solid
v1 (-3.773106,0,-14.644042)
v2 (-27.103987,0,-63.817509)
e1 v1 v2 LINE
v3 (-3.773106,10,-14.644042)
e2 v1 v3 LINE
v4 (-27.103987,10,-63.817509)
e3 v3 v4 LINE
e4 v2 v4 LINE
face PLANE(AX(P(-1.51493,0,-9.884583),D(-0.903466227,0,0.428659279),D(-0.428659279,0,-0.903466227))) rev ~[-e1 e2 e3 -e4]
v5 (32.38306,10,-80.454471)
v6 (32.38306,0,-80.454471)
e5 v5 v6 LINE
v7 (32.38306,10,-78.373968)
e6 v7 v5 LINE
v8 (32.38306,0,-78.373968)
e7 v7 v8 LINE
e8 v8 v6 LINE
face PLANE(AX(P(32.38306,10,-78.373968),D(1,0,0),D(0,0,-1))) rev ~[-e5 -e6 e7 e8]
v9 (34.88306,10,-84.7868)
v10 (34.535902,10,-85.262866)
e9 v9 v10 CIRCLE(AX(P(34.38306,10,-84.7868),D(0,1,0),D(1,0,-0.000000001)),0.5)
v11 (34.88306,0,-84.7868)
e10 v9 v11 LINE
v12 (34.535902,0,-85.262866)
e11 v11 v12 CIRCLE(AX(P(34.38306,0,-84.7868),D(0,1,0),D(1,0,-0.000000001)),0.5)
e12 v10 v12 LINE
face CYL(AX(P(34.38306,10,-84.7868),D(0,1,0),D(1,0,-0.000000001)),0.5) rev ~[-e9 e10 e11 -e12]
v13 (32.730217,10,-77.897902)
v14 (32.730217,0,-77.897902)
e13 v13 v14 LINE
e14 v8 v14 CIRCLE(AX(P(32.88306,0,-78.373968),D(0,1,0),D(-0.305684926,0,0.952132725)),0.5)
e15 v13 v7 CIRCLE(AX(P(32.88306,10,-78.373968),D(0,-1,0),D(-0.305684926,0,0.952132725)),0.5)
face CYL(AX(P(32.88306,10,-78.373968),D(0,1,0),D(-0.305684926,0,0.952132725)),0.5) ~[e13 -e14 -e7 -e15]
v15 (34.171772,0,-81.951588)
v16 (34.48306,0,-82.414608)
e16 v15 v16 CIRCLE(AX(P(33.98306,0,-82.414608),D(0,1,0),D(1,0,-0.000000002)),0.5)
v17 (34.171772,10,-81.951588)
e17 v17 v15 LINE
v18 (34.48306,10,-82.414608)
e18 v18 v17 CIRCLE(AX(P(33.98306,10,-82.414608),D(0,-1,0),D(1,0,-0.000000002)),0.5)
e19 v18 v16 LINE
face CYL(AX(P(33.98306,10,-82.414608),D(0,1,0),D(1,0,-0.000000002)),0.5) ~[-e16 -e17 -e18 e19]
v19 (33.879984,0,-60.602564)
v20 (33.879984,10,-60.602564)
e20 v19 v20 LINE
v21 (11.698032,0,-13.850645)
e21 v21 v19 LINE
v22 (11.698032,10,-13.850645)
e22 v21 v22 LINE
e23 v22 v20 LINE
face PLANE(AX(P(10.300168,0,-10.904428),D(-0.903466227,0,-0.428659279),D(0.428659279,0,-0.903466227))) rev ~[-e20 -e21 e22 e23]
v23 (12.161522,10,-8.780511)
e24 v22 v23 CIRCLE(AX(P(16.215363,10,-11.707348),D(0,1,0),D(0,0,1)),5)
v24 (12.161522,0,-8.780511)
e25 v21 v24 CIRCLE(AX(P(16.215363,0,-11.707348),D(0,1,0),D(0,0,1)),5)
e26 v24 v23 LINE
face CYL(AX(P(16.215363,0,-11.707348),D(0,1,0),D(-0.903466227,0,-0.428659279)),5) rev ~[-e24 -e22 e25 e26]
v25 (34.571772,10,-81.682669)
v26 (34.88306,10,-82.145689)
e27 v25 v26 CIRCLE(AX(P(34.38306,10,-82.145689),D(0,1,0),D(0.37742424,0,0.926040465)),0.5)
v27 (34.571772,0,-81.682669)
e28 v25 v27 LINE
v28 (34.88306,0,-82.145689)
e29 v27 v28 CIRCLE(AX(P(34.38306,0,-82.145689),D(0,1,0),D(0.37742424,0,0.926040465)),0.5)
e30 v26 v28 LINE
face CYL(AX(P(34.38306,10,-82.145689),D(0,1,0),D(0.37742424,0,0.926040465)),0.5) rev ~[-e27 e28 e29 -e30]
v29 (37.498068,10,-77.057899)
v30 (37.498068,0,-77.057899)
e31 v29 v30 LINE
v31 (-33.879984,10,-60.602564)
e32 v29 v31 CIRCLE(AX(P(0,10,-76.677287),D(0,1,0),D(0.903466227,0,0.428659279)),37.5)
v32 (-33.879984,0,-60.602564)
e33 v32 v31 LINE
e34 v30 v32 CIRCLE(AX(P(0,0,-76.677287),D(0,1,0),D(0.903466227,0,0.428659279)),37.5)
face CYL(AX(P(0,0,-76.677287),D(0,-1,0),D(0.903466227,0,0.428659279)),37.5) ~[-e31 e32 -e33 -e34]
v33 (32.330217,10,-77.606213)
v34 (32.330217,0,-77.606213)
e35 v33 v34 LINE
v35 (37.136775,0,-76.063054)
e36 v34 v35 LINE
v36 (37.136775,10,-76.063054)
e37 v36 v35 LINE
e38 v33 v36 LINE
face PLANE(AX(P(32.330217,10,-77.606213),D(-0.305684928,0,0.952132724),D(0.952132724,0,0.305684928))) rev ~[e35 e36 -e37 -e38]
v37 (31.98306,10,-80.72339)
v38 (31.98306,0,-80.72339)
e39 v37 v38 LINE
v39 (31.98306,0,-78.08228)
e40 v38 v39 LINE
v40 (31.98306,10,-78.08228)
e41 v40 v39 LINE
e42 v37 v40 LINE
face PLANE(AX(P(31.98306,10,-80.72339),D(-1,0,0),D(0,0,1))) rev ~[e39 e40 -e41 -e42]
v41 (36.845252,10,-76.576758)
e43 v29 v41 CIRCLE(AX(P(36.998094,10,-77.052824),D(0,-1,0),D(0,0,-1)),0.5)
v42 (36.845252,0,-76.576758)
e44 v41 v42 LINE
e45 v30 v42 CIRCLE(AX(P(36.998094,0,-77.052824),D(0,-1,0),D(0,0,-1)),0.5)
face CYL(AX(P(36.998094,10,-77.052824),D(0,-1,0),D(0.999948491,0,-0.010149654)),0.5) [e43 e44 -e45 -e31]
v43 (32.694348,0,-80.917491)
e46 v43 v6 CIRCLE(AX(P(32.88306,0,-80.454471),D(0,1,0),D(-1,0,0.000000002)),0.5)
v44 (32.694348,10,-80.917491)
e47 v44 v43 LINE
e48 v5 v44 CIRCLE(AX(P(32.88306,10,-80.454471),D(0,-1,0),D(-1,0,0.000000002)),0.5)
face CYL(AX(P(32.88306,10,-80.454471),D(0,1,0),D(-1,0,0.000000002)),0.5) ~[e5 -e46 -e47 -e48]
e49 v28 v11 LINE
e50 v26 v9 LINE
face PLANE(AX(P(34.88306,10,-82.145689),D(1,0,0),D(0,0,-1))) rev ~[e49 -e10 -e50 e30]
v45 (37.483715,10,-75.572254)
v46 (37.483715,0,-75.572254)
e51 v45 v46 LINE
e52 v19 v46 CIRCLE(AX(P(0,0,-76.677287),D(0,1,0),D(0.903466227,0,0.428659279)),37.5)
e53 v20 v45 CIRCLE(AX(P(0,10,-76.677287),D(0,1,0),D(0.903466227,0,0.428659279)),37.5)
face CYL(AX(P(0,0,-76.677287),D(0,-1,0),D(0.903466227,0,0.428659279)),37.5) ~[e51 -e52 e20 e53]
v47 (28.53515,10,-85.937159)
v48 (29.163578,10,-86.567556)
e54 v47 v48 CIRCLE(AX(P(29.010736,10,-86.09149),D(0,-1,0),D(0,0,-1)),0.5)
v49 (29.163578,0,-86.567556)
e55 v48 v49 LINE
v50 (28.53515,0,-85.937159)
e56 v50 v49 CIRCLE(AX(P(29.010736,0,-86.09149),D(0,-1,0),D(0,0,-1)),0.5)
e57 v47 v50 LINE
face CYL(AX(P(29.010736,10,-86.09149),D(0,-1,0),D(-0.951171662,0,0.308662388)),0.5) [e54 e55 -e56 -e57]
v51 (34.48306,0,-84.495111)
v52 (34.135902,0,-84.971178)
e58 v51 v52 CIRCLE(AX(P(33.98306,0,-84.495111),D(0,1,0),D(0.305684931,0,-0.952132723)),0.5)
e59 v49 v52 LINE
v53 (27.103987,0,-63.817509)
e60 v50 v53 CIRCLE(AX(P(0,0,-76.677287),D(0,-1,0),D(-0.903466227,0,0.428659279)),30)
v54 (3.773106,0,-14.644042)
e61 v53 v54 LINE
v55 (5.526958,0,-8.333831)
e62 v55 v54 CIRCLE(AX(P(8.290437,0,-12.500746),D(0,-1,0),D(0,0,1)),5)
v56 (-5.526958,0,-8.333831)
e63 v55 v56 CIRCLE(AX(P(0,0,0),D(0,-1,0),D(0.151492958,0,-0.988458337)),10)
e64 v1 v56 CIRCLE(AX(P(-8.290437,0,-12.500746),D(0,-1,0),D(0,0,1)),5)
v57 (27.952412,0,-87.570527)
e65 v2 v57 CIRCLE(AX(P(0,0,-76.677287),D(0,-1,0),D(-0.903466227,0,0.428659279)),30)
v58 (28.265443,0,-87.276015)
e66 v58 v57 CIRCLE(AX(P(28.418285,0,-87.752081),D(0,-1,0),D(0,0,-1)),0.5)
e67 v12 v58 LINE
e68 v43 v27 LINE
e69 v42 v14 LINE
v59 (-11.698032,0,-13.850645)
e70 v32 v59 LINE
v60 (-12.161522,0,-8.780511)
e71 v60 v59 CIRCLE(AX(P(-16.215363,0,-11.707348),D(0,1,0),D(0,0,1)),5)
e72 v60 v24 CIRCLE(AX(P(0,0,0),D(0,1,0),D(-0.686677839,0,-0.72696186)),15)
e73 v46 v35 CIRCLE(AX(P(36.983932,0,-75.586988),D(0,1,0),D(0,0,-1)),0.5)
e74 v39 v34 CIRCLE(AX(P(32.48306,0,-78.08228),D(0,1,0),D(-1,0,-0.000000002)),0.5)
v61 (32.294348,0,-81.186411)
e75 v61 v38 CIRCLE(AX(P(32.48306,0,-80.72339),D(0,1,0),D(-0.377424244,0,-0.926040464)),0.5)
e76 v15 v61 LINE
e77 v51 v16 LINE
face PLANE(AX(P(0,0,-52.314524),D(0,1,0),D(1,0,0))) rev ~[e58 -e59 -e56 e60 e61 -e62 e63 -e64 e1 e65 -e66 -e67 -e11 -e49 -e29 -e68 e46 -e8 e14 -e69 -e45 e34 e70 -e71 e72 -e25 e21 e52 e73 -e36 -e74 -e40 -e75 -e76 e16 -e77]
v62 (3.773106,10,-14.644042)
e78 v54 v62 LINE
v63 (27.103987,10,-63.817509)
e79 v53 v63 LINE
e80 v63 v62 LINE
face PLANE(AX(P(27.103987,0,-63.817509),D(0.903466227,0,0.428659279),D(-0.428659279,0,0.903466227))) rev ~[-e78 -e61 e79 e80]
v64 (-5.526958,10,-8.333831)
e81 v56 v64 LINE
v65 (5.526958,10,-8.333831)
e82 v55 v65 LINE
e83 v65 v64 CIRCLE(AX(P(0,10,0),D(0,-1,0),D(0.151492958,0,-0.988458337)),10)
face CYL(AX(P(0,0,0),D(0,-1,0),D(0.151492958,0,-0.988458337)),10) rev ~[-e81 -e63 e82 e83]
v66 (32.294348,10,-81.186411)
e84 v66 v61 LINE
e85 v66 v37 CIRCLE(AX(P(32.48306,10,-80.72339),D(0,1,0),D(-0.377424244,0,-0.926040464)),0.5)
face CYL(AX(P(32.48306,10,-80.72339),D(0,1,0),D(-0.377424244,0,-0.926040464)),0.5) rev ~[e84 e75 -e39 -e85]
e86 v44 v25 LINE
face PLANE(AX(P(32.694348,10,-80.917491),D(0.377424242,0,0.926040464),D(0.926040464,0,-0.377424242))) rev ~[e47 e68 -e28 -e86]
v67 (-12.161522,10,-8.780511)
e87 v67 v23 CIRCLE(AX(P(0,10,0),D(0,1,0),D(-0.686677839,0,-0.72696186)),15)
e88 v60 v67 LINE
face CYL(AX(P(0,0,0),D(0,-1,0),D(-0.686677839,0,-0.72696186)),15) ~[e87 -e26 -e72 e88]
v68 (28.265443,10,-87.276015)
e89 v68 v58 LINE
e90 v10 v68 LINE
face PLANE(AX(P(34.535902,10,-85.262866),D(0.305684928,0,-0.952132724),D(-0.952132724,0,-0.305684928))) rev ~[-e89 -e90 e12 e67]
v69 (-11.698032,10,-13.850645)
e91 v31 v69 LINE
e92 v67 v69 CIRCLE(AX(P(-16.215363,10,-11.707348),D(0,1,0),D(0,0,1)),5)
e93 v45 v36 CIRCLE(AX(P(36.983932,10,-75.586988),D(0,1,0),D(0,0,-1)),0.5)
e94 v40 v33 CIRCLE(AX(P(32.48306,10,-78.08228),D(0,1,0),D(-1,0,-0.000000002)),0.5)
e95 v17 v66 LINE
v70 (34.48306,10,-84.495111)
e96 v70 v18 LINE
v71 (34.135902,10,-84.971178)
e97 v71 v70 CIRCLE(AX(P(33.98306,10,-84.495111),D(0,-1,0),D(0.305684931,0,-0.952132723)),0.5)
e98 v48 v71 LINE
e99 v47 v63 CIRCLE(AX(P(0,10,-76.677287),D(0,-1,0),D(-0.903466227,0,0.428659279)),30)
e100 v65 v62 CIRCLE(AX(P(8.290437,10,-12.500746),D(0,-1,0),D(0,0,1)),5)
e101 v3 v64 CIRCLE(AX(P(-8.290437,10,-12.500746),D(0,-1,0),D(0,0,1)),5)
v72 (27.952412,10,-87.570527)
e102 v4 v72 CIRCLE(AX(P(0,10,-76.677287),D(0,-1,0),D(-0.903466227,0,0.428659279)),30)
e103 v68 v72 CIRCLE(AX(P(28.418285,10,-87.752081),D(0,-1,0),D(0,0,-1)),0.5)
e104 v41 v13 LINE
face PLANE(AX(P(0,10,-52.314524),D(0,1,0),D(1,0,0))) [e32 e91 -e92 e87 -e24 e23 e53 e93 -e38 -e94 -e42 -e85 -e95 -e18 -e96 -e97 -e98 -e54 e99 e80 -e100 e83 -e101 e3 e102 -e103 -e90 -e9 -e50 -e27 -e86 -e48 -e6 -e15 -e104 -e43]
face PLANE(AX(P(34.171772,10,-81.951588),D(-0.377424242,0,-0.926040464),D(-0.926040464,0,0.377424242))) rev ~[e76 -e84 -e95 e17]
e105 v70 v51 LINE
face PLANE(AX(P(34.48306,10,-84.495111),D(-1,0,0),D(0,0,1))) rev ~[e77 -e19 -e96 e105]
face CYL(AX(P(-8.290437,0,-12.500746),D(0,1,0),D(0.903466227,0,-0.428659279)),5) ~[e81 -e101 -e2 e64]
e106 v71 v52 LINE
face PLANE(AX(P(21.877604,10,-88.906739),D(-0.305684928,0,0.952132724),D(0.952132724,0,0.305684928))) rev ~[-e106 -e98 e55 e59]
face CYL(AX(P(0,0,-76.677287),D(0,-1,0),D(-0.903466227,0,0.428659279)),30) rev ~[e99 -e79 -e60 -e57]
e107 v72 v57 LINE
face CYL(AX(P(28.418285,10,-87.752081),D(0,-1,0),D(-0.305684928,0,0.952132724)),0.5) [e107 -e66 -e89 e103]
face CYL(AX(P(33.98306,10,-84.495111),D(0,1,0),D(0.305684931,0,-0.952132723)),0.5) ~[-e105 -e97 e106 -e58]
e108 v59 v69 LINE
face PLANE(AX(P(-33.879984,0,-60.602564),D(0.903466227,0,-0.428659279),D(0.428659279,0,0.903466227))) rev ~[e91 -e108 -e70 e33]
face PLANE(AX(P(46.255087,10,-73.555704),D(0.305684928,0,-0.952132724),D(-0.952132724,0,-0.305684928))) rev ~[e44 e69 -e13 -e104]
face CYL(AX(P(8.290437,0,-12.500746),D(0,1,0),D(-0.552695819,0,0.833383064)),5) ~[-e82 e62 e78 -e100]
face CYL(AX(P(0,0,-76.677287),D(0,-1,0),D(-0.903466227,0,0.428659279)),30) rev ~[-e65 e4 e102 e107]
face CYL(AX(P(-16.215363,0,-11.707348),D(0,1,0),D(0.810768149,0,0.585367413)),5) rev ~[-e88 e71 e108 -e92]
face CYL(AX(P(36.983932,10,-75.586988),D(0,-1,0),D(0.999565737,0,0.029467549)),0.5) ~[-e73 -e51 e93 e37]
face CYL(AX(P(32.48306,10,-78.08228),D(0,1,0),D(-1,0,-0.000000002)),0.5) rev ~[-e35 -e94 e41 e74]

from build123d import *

# Parameters (mm, degrees)
BOSS_EXTRUDE1_DEPTH = 10
FILLET1_R           = 5
CUT_EXTRUDE1_DEPTH  = 121.593129692
FILLET2_R           = 0.5


with BuildPart() as part:
    # Sketch1 → Boss-Extrude1 (new body)
    with BuildSketch(Plane(origin=(0, 0, 0), x_dir=(1, 0, 0), z_dir=(0, 1, 0))):
        with BuildLine():
            Line((10.30016758, 10.9044279), (33.8799835, 60.602564318))
            ThreePointArc((33.8799835, 60.602564318), (0, 114.177287273), (-33.8799835, 60.602564318))
            Line((-33.8799835, 60.602564318), (-10.30016758, 10.9044279))
            ThreePointArc((-10.30016758, 10.9044279), (0, -15), (10.30016758, 10.9044279))
        make_face()
        with BuildLine():
            Line((27.1039868, 63.817508909), (1.514929585, 9.884583368))
            ThreePointArc((1.514929585, 9.884583368), (0, -10), (-1.514929585, 9.884583368))
            Line((-1.514929585, 9.884583368), (-27.1039868, 63.817508909))
            ThreePointArc((-27.1039868, 63.817508909), (0, 106.677287273), (27.1039868, 63.817508909))
        make_face(mode=Mode.SUBTRACT)
    extrude(amount=BOSS_EXTRUDE1_DEPTH)

    # Fillet1
    fillet1_edges = [part.edges().sort_by_distance(p)[0] for p in [
        (10.30016758, 5, -10.9044279),
        (-10.30016758, 5, -10.9044279),
        (1.514929585, 5, -9.884583368),
        (-1.514929585, 5, -9.884583368),
    ]]
    fillet(fillet1_edges, radius=FILLET1_R)

    # Sketch2 → Cut-Extrude1 (cut, through all)
    with BuildSketch(Plane(origin=(0, 10, 0), x_dir=(1, 0, 0), z_dir=(0, 1, 0))):
        with BuildLine():
            Line((21.877604248, 88.906739184), (34.135902296, 84.971177619))
            ThreePointArc((34.135902296, 84.971177619), (34.387053168, 84.789711637), (34.483059832, 84.495111257))
            Line((34.483059832, 84.495111257), (34.483059832, 82.414608392))
            ThreePointArc((34.483059832, 82.414608392), (34.398003238, 82.135642498), (34.171771953, 81.95158816))
            Line((34.171771953, 81.95158816), (32.294347711, 81.186410559))
            ThreePointArc((32.294347711, 81.186410559), (32.068116426, 81.00235622), (31.983059832, 80.723390327))
            Line((31.983059832, 80.723390327), (31.983059832, 78.082279644))
            ThreePointArc((31.983059832, 78.082279644), (32.079066495, 77.787679264), (32.330217368, 77.606213282))
            Line((32.330217368, 77.606213282), (46.132813135, 73.174850528))
            Line((46.132813135, 73.174850528), (46.255087106, 73.555703617))
            Line((46.255087106, 73.555703617), (32.730217368, 77.897901638))
            ThreePointArc((32.730217368, 77.897901638), (32.479066495, 78.07936762), (32.383059832, 78.373968))
            Line((32.383059832, 78.373968), (32.383059832, 80.454470865))
            ThreePointArc((32.383059832, 80.454470865), (32.468116426, 80.733436759), (32.694347711, 80.917491097))
            Line((32.694347711, 80.917491097), (34.571771953, 81.682668698))
            ThreePointArc((34.571771953, 81.682668698), (34.798003238, 81.866723036), (34.883059832, 82.14568893))
            Line((34.883059832, 82.14568893), (34.883059832, 84.786799612))
            ThreePointArc((34.883059832, 84.786799612), (34.787053168, 85.081399993), (34.535902296, 85.262865975))
            Line((34.535902296, 85.262865975), (21.999878219, 89.287592274))
            Line((21.999878219, 89.287592274), (21.877604248, 88.906739184))
        make_face()
    extrude(amount=-CUT_EXTRUDE1_DEPTH, mode=Mode.SUBTRACT)

    # Fillet2
    fillet2_edges = [part.edges().sort_by_distance(p)[0] for p in [
        (28.037681738, 5, -87.349138226),
        (37.498715951, 5, -76.366961562),
        (37.492921713, 5, -75.948712321),
        (28.214590334, 5, -86.87223172),
    ]]
    fillet(fillet2_edges, radius=FILLET2_R)


solid = part.part
